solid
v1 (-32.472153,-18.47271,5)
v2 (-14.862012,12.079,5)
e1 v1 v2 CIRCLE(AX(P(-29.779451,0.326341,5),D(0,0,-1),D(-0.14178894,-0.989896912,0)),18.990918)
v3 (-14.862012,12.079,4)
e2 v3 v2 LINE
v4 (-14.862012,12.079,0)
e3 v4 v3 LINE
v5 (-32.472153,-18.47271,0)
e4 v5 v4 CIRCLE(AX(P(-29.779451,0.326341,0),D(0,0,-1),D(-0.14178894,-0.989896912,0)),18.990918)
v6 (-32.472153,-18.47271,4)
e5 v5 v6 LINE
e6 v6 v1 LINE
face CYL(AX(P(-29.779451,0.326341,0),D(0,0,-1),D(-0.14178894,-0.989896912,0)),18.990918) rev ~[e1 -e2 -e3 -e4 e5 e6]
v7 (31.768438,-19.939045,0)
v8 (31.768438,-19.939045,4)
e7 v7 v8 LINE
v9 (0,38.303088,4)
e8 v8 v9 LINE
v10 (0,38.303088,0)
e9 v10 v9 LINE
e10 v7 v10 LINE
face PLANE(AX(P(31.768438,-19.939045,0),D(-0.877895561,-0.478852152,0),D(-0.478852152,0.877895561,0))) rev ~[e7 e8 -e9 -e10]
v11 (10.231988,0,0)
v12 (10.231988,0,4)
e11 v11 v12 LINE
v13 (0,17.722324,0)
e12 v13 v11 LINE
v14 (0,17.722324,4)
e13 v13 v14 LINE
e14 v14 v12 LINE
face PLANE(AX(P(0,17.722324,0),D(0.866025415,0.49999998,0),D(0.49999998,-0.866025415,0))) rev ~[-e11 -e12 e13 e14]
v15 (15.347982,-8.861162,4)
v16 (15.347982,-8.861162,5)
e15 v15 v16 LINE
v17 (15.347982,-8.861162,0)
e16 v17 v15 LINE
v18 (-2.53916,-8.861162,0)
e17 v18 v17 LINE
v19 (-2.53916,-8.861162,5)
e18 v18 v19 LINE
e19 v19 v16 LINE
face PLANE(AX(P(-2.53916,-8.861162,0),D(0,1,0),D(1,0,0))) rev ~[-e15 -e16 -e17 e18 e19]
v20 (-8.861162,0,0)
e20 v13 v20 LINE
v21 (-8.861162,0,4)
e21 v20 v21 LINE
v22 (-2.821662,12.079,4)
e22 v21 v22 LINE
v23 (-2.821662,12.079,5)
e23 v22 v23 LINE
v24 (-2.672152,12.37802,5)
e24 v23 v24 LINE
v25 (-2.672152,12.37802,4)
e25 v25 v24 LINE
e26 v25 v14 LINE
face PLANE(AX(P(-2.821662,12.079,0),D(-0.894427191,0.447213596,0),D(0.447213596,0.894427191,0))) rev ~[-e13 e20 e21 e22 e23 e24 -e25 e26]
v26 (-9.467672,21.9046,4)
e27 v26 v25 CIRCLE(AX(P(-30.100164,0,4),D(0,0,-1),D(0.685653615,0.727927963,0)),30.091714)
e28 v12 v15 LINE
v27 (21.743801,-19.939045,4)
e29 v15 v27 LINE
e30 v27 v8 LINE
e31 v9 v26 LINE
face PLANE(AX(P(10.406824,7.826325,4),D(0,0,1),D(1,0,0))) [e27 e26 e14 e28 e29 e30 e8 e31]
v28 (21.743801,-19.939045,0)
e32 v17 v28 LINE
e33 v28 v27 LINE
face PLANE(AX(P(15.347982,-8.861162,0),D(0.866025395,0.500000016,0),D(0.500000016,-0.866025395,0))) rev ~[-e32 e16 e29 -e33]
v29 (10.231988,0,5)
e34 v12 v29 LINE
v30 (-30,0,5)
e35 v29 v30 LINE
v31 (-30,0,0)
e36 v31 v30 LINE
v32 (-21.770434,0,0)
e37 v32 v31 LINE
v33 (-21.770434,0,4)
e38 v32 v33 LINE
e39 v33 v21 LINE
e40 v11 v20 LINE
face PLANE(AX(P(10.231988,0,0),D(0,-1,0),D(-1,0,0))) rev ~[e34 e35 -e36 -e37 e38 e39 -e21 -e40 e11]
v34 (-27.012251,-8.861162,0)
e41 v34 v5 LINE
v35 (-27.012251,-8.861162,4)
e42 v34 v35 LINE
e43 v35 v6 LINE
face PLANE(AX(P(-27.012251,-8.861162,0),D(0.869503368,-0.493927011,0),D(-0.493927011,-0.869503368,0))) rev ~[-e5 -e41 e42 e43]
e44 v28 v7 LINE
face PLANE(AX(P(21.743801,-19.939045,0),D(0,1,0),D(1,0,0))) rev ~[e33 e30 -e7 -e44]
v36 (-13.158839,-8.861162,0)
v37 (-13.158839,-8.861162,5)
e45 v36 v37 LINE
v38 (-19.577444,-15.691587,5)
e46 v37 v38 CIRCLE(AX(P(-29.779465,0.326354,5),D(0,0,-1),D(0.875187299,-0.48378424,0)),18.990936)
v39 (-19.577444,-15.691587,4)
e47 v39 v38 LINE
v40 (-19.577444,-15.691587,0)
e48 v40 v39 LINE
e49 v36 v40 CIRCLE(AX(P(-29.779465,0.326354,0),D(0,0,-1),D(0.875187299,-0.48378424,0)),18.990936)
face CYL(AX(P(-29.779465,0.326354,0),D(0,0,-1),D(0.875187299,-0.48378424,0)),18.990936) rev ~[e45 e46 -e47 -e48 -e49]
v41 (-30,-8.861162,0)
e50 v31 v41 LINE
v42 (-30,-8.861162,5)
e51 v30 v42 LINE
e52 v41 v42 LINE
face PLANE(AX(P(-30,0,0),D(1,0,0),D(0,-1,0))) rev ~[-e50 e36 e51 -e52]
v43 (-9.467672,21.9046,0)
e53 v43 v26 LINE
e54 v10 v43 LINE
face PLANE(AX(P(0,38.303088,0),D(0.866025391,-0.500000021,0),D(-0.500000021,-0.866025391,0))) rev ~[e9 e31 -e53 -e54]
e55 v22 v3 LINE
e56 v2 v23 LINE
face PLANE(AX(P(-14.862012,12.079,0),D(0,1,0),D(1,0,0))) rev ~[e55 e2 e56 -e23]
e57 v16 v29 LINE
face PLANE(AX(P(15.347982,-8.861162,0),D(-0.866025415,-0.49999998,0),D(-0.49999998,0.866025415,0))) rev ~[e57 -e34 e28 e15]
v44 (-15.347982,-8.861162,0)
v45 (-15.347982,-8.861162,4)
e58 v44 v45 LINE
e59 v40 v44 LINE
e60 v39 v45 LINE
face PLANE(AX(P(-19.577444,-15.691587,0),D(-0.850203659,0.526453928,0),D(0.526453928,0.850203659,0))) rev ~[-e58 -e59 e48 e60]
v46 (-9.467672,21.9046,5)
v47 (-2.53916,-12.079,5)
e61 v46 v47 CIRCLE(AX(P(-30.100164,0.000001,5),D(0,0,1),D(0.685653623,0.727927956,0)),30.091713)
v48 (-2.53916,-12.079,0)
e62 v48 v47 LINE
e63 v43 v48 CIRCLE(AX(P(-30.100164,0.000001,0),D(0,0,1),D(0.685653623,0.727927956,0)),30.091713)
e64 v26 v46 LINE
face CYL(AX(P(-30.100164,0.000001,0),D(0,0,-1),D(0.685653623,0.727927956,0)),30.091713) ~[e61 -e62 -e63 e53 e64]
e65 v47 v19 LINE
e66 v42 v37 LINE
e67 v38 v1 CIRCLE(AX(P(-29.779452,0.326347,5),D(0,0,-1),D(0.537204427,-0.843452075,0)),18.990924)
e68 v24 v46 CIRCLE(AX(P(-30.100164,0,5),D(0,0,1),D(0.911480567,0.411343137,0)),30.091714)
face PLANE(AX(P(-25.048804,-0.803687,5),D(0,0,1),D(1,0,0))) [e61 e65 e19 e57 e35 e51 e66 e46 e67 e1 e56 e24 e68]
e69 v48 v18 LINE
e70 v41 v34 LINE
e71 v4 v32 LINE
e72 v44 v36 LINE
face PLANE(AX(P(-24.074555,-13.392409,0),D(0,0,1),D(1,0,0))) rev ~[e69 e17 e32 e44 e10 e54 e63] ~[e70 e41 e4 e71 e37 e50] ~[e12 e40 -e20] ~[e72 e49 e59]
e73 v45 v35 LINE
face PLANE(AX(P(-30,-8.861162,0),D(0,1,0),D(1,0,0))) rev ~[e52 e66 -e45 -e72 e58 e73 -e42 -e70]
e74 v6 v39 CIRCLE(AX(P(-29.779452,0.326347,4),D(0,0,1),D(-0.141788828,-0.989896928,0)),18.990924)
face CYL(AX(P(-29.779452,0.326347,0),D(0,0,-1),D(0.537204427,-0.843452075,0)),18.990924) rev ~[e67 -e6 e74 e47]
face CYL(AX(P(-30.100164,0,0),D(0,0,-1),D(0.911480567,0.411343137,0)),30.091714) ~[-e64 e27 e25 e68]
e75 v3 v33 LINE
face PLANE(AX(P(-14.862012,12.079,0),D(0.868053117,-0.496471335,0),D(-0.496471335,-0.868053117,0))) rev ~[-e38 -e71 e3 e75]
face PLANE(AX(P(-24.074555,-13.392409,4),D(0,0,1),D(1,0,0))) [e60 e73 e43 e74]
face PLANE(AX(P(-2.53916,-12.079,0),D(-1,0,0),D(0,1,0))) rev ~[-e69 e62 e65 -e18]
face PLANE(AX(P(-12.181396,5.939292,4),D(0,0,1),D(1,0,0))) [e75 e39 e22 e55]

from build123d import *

# Parameters (mm, degrees)
F1_DEPTH = 5
F2_DEPTH = 4


with BuildPart() as f1:
    # F0 (on Top) → F1 (new body)
    with BuildSketch(Plane.XY):
        with BuildLine():
            Line((10.231988, 0), (0, 0))
            Line((0, 0), (-8.861162, 0))
            Line((-8.861162, 0), (-21.770434, 0))
            Line((-21.770434, 0), (-30, 0))
            Line((-30, 0), (-30, -8.861162))
            Line((-30, -8.861162), (-27.012251, -8.861162))
            Line((-27.012251, -8.861162), (-15.347982, -8.861162))
            Line((-15.347982, -8.861162), (-13.158839, -8.861162))
            ThreePointArc((-13.158839, -8.861162), (-15.940127, -12.678583), (-19.577444, -15.691587))
            ThreePointArc((-19.577444, -15.691587), (-25.775569, -18.237707), (-32.472153, -18.47271))
            ThreePointArc((-32.472153, -18.47271), (-46.232803, 9.810126), (-14.862012, 12.079))
            Line((-14.862012, 12.079), (-2.821662, 12.079))
            Line((-2.821662, 12.079), (-2.672152, 12.37802))
            ThreePointArc((-2.672152, 12.37802), (-5.602369, 17.474818), (-9.467672, 21.9046))
            ThreePointArc((-9.467672, 21.9046), (-59.585322, -6.011379), (-2.53916, -12.079))
            Line((-2.53916, -12.079), (-2.53916, -8.861162))
            Line((-2.53916, -8.861162), (0, -8.861162))
            Line((0, -8.861162), (15.347982, -8.861162))
            Line((15.347982, -8.861162), (10.231988, 0))
        make_face()
    extrude(amount=F1_DEPTH)

    # F0 (on Top) → F2 (join)
    with BuildSketch(Plane.XY):
        with BuildLine():
            Line((-27.012251, -8.861162), (-32.472153, -18.47271))
            ThreePointArc((-32.472153, -18.47271), (-25.775569, -18.237707), (-19.577444, -15.691587))
            Line((-19.577444, -15.691587), (-15.347982, -8.861162))
            Line((-15.347982, -8.861162), (-27.012251, -8.861162))
        make_face()
        Polygon((-21.770434, 0), (-8.861162, 0), (-2.821662, 12.079), (-14.862012, 12.079), align=None)
        with BuildLine():
            Line((0, 17.722324), (10.231988, 0))
            Line((10.231988, 0), (15.347982, -8.861162))
            Line((15.347982, -8.861162), (21.743801, -19.939045))
            Line((21.743801, -19.939045), (31.768438, -19.939045))
            Line((31.768438, -19.939045), (0, 38.303088))
            Line((0, 38.303088), (-9.467672, 21.9046))
            ThreePointArc((-9.467672, 21.9046), (-5.602369, 17.474818), (-2.672152, 12.37802))
            Line((-2.672152, 12.37802), (0, 17.722324))
        make_face()
    extrude(amount=F2_DEPTH)


solid = f1.part
